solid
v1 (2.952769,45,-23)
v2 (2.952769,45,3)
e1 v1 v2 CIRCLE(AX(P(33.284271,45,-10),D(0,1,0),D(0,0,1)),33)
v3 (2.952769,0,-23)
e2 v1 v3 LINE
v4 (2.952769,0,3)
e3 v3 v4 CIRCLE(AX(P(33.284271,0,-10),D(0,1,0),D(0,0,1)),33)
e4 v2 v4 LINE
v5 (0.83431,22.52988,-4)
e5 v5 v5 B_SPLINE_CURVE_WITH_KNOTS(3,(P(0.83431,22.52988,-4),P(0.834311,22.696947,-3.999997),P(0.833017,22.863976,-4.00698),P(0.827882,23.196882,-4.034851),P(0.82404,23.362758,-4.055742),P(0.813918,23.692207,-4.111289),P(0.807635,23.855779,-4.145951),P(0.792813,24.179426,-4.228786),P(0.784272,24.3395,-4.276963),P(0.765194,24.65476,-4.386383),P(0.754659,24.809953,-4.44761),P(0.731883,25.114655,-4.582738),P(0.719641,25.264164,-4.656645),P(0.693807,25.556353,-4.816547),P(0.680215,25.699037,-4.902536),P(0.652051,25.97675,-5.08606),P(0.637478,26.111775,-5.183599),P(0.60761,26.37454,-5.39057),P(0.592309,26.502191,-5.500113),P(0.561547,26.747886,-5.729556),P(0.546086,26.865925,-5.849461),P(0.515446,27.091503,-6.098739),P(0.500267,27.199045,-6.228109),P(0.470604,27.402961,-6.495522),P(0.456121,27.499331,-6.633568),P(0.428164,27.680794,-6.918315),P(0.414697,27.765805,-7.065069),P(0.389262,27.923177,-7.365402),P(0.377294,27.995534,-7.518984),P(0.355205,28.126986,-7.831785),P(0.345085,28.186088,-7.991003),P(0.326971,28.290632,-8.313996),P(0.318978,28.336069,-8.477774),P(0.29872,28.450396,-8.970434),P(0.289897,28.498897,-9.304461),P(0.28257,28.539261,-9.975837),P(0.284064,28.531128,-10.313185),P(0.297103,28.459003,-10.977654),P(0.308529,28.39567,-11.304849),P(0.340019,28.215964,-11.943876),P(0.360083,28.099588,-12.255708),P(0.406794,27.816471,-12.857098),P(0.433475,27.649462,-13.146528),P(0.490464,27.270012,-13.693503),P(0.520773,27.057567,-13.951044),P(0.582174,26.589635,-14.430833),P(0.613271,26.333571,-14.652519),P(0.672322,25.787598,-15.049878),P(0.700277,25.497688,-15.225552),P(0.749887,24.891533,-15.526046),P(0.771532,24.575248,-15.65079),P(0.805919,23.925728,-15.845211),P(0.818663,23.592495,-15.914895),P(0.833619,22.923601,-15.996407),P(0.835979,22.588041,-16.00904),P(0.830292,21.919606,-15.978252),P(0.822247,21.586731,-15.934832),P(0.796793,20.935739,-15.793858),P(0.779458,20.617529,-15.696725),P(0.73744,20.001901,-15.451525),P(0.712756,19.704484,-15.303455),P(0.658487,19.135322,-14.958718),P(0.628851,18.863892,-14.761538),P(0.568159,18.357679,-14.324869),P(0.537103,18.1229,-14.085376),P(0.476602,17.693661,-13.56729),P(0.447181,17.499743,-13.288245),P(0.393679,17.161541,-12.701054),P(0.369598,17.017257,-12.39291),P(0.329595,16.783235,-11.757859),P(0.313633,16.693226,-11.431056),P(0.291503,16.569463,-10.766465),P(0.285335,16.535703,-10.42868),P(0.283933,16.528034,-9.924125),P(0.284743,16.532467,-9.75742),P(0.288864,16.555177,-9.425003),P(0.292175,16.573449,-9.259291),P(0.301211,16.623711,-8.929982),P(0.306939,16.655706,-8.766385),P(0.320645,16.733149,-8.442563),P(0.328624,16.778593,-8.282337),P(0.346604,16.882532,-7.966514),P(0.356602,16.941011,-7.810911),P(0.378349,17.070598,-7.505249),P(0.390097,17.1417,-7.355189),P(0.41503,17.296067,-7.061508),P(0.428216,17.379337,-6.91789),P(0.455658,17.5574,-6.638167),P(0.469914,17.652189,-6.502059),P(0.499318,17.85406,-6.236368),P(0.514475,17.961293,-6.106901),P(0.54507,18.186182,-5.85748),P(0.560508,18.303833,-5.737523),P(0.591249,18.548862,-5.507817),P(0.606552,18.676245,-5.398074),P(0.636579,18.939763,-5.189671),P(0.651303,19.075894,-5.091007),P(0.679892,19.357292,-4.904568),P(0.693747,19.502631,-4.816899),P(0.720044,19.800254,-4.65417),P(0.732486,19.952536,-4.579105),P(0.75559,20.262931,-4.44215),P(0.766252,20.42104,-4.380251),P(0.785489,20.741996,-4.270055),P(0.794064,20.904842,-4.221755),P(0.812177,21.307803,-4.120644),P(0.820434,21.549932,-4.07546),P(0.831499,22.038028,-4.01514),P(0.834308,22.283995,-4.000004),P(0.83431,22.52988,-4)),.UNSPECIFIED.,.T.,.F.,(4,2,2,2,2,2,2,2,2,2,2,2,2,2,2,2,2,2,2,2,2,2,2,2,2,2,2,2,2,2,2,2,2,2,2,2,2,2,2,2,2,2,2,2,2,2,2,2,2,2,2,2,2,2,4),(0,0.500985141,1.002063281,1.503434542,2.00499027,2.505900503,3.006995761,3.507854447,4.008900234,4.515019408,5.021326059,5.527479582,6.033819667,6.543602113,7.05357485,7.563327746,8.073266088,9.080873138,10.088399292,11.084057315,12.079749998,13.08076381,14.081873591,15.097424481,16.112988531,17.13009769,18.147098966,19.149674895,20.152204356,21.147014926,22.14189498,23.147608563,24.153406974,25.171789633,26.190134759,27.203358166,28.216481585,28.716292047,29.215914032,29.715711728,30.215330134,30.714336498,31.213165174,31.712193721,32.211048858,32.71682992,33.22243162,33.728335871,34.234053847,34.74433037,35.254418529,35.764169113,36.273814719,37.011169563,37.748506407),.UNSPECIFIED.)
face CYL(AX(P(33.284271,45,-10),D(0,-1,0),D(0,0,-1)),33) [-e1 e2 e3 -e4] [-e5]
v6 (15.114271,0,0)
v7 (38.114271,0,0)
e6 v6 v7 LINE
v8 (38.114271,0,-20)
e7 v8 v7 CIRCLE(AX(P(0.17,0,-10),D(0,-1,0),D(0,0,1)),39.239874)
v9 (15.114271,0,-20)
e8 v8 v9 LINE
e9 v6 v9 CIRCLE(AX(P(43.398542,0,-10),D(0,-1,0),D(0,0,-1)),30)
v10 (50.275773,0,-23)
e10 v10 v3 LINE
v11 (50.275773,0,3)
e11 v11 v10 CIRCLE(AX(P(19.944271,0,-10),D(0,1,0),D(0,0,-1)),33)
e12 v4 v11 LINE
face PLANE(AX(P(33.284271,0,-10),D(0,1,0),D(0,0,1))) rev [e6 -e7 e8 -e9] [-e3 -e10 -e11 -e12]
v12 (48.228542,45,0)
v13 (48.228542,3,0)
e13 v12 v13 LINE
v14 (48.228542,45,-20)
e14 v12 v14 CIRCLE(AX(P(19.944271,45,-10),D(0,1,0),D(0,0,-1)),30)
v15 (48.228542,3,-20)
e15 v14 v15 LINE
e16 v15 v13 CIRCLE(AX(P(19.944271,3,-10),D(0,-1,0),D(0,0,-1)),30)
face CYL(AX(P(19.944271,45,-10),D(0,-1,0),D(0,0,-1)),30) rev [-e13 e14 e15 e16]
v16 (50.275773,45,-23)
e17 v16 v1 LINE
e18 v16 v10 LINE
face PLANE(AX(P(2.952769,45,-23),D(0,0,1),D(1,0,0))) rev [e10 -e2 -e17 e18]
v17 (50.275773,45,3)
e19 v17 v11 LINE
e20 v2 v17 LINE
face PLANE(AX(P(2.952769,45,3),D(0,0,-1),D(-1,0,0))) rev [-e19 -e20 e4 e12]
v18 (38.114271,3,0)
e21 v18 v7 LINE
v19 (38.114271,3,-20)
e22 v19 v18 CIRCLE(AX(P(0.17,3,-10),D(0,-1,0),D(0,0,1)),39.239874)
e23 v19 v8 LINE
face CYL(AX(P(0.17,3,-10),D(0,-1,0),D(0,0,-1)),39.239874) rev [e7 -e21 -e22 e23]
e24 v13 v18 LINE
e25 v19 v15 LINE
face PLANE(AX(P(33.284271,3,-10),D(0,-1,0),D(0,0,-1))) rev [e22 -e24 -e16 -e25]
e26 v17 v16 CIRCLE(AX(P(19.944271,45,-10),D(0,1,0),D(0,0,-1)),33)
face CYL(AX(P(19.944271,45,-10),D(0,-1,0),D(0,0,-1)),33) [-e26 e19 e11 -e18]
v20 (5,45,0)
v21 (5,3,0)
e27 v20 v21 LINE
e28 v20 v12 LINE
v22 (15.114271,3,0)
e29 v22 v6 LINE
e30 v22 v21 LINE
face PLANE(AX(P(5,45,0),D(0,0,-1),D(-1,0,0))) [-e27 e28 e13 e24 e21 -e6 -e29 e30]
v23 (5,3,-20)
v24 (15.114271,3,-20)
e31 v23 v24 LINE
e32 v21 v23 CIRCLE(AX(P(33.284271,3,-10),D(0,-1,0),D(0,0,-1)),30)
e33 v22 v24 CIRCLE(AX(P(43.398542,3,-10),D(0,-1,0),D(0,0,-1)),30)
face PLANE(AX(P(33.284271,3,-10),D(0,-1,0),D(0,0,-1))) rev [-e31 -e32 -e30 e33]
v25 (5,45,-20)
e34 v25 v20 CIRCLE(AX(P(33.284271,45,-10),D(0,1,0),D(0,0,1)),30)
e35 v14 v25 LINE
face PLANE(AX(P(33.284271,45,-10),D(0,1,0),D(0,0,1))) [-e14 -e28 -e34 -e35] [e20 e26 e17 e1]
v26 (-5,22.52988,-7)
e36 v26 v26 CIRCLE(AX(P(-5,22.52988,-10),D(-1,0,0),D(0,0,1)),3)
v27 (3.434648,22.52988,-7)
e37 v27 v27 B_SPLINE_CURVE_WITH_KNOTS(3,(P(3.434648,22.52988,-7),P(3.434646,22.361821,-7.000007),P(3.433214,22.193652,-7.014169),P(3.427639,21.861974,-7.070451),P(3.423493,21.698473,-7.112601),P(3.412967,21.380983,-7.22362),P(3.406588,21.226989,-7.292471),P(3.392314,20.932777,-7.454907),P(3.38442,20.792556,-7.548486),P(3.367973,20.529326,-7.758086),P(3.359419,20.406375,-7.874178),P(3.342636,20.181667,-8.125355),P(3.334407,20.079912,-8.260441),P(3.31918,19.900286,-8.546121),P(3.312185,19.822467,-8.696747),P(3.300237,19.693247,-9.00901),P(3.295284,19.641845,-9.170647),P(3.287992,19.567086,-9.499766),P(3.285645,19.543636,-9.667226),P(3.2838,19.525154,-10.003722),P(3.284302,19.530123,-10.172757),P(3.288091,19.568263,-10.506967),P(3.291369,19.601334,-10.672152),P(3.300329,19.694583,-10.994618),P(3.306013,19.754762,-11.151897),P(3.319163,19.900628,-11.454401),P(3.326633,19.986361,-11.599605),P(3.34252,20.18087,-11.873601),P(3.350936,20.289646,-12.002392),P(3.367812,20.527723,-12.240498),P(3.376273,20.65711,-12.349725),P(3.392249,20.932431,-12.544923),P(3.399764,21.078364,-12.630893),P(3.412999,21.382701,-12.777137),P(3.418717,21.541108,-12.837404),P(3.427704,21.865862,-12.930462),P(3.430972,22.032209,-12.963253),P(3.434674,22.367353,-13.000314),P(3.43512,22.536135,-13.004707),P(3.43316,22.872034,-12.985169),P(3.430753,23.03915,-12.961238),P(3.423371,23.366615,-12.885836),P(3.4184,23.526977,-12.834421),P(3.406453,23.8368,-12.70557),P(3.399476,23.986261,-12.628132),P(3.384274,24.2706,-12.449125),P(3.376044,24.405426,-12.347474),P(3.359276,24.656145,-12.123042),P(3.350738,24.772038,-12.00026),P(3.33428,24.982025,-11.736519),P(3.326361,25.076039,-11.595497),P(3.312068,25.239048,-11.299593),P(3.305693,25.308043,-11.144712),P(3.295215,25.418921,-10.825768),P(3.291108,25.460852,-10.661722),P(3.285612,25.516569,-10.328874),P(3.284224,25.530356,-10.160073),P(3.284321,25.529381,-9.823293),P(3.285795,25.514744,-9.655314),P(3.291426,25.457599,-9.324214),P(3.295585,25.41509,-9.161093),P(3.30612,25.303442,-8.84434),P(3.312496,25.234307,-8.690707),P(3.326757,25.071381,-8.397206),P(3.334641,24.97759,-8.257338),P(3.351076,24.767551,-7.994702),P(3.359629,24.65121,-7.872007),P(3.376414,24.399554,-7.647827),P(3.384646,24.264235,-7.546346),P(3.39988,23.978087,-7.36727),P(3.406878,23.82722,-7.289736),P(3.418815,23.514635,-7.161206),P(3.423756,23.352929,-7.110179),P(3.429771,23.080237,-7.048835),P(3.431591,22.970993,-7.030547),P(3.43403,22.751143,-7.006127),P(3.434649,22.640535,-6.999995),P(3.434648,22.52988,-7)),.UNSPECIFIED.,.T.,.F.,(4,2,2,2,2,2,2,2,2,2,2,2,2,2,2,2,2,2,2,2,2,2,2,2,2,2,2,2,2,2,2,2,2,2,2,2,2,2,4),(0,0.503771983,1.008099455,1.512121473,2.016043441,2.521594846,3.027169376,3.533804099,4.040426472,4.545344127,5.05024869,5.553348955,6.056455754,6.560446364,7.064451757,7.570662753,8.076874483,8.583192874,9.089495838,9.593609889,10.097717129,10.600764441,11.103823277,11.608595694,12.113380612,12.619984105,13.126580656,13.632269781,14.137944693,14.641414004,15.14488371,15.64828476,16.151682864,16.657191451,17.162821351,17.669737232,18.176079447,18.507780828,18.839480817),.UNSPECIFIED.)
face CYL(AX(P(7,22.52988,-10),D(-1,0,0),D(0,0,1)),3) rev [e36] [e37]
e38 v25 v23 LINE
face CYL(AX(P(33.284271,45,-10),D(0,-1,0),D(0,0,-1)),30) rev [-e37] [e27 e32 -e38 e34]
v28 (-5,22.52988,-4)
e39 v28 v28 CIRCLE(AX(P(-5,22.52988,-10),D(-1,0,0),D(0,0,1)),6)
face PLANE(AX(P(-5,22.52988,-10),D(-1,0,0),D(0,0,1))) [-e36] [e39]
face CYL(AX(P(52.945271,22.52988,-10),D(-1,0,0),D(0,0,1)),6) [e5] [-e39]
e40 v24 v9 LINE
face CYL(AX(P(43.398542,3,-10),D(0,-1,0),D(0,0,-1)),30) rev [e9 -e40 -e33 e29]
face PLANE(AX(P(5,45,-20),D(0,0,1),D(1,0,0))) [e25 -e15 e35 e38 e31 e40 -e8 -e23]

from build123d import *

# Parameters (mm, degrees)
SALIENTE_EXTRUIR1_DEPTH      = 45
SALIENTE_EXTRUIR2_DEPTH      = 3
SALIENTE_EXTRUIR3_REACH      = 75.192
SALIENTE_EXTRUIR3_END_RADIUS = 33
CROQUIS3_R                   = 6
SALIENTE_EXTRUIR4_START      = 5
CROQUIS4_R                   = 6
SALIENTE_EXTRUIR4_DEPTH      = 5
CROQUIS5_R                   = 3
CORTAR_EXTRUIR1_DEPTH        = 12


with BuildPart() as part:
    # Croquis1 → Saliente-Extruir1 (new body)
    with BuildSketch(Plane(origin=(0, 0, 0), x_dir=(1, 0, 0), z_dir=(0, 1, 0))):
        with BuildLine():
            Line((2.952769471, -3), (50.275773024, -3))
            ThreePointArc((50.275773024, -3), (52.944271247, 10), (50.275773024, 23))
            Line((50.275773024, 23), (2.952769471, 23))
            ThreePointArc((2.952769471, 23), (0.284271247, 10), (2.952769471, -3))
        make_face()
        with BuildLine():
            Line((5, 0), (48.228542495, 0))
            ThreePointArc((48.228542495, 0), (49.944271247, 10), (48.228542495, 20))
            Line((48.228542495, 20), (5, 20))
            ThreePointArc((5, 20), (3.284271247, 10), (5, 0))
        make_face(mode=Mode.SUBTRACT)
    extrude(amount=SALIENTE_EXTRUIR1_DEPTH)

    # Croquis2 → Saliente-Extruir2 (add)
    with BuildSketch(Plane.XZ):
        with BuildLine():
            Line((2.952769471, 3), (50.275773024, 3))
            ThreePointArc((50.275773024, 3), (52.944271247, -10), (50.275773024, -23))
            Line((50.275773024, -23), (2.952769471, -23))
            ThreePointArc((2.952769471, -23), (0.284271247, -10), (2.952769471, 3))
        make_face()
        with BuildLine():
            Line((15.114271247, -20), (38.114271247, -20))
            ThreePointArc((38.114271247, -20), (39.409874114, -10), (38.114271247, 0))
            Line((38.114271247, 0), (15.114271247, 0))
            ThreePointArc((15.114271247, 0), (13.398542495, -10), (15.114271247, -20))
        make_face(mode=Mode.SUBTRACT)
    extrude(amount=-SALIENTE_EXTRUIR2_DEPTH)

    # Saliente-Extruir3: up to this cylinder (the profile starts outside it)
    saliente_extruir3_end = Plane(origin=(33.284271247, 22.52988, -10), z_dir=(0, -1, 0)) * Cylinder(SALIENTE_EXTRUIR3_END_RADIUS, 217.384, mode=Mode.PRIVATE)
    # Croquis3 → Saliente-Extruir3 (add, up to the surface)
    with BuildSketch(Plane(origin=(0, 0, 0), x_dir=(0, 0, -1), z_dir=(1, 0, 0)), mode=Mode.PRIVATE) as saliente_extruir3_sk1:
        with Locations(Location((10, 22.52988005, 0), (0, 0, 180))):
            Circle(CROQUIS3_R)
    saliente_extruir3_tool1 = extrude(saliente_extruir3_sk1.sketch, amount=SALIENTE_EXTRUIR3_REACH, mode=Mode.PRIVATE) - saliente_extruir3_end
    add(saliente_extruir3_tool1.solids().sort_by_distance((0, 22.52988, -10))[0])

    # Croquis4 → Saliente-Extruir4 (add)
    with BuildSketch(Plane.ZY.offset(SALIENTE_EXTRUIR4_START)):
        with Locations((-10, 22.52988005)):
            Circle(CROQUIS4_R)
    extrude(amount=-SALIENTE_EXTRUIR4_DEPTH)

    # Croquis5 → Cortar-Extruir1 (cut)
    with BuildSketch(Plane.ZY.offset(5)):
        with Locations((-10, 22.52988005)):
            Circle(CROQUIS5_R)
    extrude(amount=-CORTAR_EXTRUIR1_DEPTH, mode=Mode.SUBTRACT)


solid = part.part
